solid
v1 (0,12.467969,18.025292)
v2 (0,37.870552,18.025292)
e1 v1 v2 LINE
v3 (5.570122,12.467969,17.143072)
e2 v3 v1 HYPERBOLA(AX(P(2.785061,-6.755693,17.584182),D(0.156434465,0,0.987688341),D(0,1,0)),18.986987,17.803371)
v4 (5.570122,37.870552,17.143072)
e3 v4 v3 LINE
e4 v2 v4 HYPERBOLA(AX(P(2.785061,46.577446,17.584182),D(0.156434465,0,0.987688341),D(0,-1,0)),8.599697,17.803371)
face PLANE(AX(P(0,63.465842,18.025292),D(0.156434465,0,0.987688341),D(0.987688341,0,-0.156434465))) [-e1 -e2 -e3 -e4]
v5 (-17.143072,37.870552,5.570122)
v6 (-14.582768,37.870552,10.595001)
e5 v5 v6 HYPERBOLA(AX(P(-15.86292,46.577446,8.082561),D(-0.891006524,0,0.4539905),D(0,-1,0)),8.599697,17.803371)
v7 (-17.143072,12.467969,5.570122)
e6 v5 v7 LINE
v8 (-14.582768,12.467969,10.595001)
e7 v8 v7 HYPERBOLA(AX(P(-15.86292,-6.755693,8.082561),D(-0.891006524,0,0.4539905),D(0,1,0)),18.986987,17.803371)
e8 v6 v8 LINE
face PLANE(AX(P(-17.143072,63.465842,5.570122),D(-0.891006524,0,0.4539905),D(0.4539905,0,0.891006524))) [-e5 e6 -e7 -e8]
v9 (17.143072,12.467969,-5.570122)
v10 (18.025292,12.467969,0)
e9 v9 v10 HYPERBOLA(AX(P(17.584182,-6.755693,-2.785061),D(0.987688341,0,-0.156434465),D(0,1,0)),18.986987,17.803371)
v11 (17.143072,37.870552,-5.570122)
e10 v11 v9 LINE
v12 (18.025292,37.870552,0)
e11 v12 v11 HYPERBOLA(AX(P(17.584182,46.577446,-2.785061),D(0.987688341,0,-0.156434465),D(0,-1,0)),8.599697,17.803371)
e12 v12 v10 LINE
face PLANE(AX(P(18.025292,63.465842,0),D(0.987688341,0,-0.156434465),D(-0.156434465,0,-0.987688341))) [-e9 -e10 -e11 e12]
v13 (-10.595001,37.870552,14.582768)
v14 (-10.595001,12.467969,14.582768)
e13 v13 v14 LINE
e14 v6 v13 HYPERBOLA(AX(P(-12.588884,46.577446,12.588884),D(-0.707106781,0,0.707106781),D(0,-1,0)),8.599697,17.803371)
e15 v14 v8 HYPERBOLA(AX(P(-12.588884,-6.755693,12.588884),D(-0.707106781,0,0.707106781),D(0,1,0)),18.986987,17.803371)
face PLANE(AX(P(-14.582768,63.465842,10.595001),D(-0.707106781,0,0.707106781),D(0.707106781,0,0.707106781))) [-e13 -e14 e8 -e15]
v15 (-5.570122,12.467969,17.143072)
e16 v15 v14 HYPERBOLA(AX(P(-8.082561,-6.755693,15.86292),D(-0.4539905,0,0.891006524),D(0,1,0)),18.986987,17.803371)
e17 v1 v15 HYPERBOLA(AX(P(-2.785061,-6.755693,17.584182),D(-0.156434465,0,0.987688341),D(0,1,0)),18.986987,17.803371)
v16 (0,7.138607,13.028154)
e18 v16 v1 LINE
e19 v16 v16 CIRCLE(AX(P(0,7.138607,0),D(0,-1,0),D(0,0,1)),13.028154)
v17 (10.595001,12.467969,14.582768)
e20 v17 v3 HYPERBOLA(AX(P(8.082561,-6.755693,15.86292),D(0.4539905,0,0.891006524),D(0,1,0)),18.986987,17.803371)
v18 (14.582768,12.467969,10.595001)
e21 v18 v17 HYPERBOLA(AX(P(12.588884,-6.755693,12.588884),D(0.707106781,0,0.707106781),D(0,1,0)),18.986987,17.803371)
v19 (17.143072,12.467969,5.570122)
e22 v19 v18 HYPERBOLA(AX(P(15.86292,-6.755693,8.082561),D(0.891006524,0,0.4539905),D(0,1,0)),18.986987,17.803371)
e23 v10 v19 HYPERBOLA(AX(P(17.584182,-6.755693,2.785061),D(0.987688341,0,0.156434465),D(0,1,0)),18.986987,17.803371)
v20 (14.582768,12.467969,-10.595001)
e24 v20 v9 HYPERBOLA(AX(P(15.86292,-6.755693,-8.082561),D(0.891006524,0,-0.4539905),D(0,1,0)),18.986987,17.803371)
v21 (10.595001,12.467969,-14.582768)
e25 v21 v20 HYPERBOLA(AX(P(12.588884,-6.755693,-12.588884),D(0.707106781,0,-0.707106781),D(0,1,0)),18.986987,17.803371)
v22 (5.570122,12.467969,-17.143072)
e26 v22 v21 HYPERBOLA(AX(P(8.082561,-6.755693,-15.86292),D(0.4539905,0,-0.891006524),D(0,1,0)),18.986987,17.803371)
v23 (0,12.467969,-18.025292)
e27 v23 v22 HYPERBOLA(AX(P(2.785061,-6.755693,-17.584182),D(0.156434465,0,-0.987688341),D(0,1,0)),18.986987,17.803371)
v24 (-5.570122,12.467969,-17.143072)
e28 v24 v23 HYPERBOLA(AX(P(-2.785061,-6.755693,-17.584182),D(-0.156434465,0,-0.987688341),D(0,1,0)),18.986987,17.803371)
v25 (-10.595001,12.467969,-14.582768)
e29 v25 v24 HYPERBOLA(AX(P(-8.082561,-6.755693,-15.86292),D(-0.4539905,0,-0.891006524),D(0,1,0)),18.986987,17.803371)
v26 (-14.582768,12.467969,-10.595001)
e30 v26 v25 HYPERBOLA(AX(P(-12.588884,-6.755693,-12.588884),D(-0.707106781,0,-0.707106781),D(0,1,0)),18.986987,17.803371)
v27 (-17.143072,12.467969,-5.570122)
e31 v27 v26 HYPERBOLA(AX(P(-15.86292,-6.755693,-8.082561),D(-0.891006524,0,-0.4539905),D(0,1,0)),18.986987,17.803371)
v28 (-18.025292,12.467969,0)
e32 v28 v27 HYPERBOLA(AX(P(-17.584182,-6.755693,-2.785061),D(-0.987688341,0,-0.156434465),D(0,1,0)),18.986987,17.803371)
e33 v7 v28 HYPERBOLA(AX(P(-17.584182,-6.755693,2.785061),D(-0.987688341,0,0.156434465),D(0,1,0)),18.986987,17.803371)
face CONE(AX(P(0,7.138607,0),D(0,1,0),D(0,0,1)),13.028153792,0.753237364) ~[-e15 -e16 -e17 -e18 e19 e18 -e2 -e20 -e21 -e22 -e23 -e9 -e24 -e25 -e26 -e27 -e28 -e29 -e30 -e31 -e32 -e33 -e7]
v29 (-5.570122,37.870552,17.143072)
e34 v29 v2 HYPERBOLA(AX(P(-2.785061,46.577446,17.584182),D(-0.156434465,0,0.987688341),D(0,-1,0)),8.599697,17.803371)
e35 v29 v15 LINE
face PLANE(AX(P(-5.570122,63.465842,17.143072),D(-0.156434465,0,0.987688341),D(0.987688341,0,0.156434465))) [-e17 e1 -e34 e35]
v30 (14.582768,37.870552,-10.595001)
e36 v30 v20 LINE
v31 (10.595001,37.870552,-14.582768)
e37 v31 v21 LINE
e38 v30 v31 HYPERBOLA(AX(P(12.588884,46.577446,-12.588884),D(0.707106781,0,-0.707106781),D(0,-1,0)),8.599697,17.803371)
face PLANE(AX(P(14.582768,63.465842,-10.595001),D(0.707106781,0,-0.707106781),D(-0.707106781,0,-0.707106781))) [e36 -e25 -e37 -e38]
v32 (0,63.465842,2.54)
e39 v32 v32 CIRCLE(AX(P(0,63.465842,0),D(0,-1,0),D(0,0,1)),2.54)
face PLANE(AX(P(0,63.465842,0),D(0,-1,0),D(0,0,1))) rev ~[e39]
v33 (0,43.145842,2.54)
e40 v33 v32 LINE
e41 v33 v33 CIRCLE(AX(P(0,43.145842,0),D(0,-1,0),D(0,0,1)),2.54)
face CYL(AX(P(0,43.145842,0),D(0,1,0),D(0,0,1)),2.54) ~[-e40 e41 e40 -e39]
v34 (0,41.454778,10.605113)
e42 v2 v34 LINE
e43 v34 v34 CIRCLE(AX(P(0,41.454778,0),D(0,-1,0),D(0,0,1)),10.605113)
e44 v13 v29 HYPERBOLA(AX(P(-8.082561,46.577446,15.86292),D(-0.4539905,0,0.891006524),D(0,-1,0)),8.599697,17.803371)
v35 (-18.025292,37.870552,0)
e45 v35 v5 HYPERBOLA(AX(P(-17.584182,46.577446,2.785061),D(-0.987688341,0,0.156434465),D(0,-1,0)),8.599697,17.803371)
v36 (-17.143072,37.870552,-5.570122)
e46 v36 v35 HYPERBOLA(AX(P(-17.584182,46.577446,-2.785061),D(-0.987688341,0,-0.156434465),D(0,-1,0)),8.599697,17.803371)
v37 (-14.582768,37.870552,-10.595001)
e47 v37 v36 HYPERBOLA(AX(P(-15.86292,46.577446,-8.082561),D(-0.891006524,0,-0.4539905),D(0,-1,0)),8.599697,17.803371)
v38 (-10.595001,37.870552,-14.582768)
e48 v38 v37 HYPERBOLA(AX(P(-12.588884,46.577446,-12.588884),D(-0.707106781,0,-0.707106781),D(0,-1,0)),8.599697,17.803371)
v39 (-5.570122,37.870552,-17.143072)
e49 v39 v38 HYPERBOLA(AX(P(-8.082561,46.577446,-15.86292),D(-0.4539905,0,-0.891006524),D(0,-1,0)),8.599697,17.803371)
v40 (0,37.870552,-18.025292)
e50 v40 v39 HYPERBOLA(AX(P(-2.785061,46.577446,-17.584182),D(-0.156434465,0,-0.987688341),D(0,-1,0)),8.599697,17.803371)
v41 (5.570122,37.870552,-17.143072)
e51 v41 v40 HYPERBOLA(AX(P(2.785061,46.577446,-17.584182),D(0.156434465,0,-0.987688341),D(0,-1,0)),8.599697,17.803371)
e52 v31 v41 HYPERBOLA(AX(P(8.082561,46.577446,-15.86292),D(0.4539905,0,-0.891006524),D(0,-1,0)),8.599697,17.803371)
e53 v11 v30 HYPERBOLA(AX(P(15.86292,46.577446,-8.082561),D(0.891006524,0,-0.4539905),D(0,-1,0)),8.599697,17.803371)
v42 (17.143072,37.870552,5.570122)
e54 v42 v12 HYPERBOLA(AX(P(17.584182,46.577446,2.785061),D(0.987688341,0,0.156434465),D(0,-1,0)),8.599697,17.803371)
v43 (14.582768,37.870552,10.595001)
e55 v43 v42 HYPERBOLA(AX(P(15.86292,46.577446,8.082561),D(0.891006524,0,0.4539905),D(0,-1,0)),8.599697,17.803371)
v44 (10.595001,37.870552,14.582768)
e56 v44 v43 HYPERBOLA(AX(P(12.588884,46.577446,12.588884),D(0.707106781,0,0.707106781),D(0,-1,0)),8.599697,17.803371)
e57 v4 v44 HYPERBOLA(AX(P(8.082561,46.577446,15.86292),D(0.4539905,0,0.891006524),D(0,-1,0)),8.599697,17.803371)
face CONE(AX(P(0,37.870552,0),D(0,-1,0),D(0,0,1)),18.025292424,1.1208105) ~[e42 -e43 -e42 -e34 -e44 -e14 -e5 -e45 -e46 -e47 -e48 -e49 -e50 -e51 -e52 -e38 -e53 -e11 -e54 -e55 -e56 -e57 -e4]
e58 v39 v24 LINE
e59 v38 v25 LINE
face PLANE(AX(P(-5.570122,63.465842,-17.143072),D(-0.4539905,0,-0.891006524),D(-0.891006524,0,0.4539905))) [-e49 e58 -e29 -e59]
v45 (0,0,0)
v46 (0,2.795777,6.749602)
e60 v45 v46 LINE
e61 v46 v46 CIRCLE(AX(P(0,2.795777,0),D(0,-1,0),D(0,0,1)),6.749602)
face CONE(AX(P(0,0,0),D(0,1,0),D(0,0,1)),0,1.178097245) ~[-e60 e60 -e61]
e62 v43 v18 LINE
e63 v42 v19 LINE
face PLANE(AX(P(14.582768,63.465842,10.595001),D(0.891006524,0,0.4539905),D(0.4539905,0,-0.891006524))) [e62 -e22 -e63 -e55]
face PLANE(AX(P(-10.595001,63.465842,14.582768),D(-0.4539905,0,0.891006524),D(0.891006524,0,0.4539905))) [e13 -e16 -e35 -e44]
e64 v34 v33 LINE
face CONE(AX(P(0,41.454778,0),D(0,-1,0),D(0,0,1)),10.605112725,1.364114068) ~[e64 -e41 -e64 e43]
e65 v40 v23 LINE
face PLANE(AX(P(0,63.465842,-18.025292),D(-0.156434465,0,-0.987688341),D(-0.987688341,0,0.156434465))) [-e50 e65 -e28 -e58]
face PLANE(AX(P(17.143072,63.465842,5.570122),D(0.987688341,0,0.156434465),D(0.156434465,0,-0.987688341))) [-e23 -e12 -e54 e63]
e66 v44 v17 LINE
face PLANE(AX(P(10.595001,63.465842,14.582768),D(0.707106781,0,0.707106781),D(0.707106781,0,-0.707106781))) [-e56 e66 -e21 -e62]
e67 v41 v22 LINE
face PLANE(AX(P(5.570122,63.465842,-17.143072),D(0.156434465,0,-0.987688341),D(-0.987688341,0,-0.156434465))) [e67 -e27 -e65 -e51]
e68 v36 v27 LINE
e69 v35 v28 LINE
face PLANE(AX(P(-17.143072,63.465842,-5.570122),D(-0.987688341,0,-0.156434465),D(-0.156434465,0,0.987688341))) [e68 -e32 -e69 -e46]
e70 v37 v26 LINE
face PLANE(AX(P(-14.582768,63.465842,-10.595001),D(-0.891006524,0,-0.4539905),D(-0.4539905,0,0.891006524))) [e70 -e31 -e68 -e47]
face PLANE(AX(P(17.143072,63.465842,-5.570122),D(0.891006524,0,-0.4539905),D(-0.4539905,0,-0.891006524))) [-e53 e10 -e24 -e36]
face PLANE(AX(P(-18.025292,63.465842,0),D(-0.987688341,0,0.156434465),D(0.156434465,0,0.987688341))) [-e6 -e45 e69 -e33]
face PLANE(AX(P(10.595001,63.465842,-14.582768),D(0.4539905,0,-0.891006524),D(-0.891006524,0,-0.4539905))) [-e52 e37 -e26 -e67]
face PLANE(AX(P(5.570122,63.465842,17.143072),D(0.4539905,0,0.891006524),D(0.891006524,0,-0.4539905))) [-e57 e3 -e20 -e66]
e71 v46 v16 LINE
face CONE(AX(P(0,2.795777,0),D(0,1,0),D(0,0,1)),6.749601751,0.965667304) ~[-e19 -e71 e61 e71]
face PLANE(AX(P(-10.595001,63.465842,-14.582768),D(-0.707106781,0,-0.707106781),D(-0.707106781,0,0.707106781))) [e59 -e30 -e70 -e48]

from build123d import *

# Parameters (mm, degrees)
SKETCH2_OUTSIDE_W  = 54.332
SKETCH2_OUTSIDE_H  = 54.332
CUT_EXTRUDE2_DEPTH = 69.393971984


with BuildPart() as part:
    # Sketch1 → Revolve2 (revolve)
    with BuildSketch(Plane.XY, mode=Mode.PRIVATE) as revolve2_sk:
        Polygon((0, 0), (6.749601751, 2.795776586), (13.028153792, 7.138607178), (18.025292424, 12.467968867), (18.025292424, 37.870552131), (10.605112725, 41.454777816), (2.54, 43.145841757), (2.54, 63.465841757), (0, 63.465841757), align=None)
    revolve(revolve2_sk.sketch.rotate(Axis((0, 63.465841757, 0), (0, -1, 0)), 90), axis=Axis((0, 63.465841757, 0), (0, -1, 0)))

    # Sketch2 outside → Cut-Extrude2 (cut, through all)
    with BuildSketch(Plane(origin=(0, 63.465841757, 0), x_dir=(1, 0, 0), z_dir=(0, 1, 0))):
        Rectangle(SKETCH2_OUTSIDE_W, SKETCH2_OUTSIDE_H)
        Polygon((-10.595001055, 14.582767899), (-14.582767899, 10.595001055), (-17.143071818, 5.570121687), (-18.025292424, 0), (-17.143071818, -5.570121687), (-14.582767899, -10.595001055), (-10.595001055, -14.582767899), (-5.570121687, -17.143071818), (0, -18.025292424), (5.570121687, -17.143071818), (10.595001055, -14.582767899), (14.582767899, -10.595001055), (17.143071818, -5.570121687), (18.025292424, 0), (17.143071818, 5.570121687), (14.582767899, 10.595001055), (10.595001055, 14.582767899), (5.570121687, 17.143071818), (0, 18.025292424), (-5.570121687, 17.143071818), align=None, mode=Mode.SUBTRACT)
    extrude(amount=-CUT_EXTRUDE2_DEPTH, mode=Mode.SUBTRACT)


solid = part.part
